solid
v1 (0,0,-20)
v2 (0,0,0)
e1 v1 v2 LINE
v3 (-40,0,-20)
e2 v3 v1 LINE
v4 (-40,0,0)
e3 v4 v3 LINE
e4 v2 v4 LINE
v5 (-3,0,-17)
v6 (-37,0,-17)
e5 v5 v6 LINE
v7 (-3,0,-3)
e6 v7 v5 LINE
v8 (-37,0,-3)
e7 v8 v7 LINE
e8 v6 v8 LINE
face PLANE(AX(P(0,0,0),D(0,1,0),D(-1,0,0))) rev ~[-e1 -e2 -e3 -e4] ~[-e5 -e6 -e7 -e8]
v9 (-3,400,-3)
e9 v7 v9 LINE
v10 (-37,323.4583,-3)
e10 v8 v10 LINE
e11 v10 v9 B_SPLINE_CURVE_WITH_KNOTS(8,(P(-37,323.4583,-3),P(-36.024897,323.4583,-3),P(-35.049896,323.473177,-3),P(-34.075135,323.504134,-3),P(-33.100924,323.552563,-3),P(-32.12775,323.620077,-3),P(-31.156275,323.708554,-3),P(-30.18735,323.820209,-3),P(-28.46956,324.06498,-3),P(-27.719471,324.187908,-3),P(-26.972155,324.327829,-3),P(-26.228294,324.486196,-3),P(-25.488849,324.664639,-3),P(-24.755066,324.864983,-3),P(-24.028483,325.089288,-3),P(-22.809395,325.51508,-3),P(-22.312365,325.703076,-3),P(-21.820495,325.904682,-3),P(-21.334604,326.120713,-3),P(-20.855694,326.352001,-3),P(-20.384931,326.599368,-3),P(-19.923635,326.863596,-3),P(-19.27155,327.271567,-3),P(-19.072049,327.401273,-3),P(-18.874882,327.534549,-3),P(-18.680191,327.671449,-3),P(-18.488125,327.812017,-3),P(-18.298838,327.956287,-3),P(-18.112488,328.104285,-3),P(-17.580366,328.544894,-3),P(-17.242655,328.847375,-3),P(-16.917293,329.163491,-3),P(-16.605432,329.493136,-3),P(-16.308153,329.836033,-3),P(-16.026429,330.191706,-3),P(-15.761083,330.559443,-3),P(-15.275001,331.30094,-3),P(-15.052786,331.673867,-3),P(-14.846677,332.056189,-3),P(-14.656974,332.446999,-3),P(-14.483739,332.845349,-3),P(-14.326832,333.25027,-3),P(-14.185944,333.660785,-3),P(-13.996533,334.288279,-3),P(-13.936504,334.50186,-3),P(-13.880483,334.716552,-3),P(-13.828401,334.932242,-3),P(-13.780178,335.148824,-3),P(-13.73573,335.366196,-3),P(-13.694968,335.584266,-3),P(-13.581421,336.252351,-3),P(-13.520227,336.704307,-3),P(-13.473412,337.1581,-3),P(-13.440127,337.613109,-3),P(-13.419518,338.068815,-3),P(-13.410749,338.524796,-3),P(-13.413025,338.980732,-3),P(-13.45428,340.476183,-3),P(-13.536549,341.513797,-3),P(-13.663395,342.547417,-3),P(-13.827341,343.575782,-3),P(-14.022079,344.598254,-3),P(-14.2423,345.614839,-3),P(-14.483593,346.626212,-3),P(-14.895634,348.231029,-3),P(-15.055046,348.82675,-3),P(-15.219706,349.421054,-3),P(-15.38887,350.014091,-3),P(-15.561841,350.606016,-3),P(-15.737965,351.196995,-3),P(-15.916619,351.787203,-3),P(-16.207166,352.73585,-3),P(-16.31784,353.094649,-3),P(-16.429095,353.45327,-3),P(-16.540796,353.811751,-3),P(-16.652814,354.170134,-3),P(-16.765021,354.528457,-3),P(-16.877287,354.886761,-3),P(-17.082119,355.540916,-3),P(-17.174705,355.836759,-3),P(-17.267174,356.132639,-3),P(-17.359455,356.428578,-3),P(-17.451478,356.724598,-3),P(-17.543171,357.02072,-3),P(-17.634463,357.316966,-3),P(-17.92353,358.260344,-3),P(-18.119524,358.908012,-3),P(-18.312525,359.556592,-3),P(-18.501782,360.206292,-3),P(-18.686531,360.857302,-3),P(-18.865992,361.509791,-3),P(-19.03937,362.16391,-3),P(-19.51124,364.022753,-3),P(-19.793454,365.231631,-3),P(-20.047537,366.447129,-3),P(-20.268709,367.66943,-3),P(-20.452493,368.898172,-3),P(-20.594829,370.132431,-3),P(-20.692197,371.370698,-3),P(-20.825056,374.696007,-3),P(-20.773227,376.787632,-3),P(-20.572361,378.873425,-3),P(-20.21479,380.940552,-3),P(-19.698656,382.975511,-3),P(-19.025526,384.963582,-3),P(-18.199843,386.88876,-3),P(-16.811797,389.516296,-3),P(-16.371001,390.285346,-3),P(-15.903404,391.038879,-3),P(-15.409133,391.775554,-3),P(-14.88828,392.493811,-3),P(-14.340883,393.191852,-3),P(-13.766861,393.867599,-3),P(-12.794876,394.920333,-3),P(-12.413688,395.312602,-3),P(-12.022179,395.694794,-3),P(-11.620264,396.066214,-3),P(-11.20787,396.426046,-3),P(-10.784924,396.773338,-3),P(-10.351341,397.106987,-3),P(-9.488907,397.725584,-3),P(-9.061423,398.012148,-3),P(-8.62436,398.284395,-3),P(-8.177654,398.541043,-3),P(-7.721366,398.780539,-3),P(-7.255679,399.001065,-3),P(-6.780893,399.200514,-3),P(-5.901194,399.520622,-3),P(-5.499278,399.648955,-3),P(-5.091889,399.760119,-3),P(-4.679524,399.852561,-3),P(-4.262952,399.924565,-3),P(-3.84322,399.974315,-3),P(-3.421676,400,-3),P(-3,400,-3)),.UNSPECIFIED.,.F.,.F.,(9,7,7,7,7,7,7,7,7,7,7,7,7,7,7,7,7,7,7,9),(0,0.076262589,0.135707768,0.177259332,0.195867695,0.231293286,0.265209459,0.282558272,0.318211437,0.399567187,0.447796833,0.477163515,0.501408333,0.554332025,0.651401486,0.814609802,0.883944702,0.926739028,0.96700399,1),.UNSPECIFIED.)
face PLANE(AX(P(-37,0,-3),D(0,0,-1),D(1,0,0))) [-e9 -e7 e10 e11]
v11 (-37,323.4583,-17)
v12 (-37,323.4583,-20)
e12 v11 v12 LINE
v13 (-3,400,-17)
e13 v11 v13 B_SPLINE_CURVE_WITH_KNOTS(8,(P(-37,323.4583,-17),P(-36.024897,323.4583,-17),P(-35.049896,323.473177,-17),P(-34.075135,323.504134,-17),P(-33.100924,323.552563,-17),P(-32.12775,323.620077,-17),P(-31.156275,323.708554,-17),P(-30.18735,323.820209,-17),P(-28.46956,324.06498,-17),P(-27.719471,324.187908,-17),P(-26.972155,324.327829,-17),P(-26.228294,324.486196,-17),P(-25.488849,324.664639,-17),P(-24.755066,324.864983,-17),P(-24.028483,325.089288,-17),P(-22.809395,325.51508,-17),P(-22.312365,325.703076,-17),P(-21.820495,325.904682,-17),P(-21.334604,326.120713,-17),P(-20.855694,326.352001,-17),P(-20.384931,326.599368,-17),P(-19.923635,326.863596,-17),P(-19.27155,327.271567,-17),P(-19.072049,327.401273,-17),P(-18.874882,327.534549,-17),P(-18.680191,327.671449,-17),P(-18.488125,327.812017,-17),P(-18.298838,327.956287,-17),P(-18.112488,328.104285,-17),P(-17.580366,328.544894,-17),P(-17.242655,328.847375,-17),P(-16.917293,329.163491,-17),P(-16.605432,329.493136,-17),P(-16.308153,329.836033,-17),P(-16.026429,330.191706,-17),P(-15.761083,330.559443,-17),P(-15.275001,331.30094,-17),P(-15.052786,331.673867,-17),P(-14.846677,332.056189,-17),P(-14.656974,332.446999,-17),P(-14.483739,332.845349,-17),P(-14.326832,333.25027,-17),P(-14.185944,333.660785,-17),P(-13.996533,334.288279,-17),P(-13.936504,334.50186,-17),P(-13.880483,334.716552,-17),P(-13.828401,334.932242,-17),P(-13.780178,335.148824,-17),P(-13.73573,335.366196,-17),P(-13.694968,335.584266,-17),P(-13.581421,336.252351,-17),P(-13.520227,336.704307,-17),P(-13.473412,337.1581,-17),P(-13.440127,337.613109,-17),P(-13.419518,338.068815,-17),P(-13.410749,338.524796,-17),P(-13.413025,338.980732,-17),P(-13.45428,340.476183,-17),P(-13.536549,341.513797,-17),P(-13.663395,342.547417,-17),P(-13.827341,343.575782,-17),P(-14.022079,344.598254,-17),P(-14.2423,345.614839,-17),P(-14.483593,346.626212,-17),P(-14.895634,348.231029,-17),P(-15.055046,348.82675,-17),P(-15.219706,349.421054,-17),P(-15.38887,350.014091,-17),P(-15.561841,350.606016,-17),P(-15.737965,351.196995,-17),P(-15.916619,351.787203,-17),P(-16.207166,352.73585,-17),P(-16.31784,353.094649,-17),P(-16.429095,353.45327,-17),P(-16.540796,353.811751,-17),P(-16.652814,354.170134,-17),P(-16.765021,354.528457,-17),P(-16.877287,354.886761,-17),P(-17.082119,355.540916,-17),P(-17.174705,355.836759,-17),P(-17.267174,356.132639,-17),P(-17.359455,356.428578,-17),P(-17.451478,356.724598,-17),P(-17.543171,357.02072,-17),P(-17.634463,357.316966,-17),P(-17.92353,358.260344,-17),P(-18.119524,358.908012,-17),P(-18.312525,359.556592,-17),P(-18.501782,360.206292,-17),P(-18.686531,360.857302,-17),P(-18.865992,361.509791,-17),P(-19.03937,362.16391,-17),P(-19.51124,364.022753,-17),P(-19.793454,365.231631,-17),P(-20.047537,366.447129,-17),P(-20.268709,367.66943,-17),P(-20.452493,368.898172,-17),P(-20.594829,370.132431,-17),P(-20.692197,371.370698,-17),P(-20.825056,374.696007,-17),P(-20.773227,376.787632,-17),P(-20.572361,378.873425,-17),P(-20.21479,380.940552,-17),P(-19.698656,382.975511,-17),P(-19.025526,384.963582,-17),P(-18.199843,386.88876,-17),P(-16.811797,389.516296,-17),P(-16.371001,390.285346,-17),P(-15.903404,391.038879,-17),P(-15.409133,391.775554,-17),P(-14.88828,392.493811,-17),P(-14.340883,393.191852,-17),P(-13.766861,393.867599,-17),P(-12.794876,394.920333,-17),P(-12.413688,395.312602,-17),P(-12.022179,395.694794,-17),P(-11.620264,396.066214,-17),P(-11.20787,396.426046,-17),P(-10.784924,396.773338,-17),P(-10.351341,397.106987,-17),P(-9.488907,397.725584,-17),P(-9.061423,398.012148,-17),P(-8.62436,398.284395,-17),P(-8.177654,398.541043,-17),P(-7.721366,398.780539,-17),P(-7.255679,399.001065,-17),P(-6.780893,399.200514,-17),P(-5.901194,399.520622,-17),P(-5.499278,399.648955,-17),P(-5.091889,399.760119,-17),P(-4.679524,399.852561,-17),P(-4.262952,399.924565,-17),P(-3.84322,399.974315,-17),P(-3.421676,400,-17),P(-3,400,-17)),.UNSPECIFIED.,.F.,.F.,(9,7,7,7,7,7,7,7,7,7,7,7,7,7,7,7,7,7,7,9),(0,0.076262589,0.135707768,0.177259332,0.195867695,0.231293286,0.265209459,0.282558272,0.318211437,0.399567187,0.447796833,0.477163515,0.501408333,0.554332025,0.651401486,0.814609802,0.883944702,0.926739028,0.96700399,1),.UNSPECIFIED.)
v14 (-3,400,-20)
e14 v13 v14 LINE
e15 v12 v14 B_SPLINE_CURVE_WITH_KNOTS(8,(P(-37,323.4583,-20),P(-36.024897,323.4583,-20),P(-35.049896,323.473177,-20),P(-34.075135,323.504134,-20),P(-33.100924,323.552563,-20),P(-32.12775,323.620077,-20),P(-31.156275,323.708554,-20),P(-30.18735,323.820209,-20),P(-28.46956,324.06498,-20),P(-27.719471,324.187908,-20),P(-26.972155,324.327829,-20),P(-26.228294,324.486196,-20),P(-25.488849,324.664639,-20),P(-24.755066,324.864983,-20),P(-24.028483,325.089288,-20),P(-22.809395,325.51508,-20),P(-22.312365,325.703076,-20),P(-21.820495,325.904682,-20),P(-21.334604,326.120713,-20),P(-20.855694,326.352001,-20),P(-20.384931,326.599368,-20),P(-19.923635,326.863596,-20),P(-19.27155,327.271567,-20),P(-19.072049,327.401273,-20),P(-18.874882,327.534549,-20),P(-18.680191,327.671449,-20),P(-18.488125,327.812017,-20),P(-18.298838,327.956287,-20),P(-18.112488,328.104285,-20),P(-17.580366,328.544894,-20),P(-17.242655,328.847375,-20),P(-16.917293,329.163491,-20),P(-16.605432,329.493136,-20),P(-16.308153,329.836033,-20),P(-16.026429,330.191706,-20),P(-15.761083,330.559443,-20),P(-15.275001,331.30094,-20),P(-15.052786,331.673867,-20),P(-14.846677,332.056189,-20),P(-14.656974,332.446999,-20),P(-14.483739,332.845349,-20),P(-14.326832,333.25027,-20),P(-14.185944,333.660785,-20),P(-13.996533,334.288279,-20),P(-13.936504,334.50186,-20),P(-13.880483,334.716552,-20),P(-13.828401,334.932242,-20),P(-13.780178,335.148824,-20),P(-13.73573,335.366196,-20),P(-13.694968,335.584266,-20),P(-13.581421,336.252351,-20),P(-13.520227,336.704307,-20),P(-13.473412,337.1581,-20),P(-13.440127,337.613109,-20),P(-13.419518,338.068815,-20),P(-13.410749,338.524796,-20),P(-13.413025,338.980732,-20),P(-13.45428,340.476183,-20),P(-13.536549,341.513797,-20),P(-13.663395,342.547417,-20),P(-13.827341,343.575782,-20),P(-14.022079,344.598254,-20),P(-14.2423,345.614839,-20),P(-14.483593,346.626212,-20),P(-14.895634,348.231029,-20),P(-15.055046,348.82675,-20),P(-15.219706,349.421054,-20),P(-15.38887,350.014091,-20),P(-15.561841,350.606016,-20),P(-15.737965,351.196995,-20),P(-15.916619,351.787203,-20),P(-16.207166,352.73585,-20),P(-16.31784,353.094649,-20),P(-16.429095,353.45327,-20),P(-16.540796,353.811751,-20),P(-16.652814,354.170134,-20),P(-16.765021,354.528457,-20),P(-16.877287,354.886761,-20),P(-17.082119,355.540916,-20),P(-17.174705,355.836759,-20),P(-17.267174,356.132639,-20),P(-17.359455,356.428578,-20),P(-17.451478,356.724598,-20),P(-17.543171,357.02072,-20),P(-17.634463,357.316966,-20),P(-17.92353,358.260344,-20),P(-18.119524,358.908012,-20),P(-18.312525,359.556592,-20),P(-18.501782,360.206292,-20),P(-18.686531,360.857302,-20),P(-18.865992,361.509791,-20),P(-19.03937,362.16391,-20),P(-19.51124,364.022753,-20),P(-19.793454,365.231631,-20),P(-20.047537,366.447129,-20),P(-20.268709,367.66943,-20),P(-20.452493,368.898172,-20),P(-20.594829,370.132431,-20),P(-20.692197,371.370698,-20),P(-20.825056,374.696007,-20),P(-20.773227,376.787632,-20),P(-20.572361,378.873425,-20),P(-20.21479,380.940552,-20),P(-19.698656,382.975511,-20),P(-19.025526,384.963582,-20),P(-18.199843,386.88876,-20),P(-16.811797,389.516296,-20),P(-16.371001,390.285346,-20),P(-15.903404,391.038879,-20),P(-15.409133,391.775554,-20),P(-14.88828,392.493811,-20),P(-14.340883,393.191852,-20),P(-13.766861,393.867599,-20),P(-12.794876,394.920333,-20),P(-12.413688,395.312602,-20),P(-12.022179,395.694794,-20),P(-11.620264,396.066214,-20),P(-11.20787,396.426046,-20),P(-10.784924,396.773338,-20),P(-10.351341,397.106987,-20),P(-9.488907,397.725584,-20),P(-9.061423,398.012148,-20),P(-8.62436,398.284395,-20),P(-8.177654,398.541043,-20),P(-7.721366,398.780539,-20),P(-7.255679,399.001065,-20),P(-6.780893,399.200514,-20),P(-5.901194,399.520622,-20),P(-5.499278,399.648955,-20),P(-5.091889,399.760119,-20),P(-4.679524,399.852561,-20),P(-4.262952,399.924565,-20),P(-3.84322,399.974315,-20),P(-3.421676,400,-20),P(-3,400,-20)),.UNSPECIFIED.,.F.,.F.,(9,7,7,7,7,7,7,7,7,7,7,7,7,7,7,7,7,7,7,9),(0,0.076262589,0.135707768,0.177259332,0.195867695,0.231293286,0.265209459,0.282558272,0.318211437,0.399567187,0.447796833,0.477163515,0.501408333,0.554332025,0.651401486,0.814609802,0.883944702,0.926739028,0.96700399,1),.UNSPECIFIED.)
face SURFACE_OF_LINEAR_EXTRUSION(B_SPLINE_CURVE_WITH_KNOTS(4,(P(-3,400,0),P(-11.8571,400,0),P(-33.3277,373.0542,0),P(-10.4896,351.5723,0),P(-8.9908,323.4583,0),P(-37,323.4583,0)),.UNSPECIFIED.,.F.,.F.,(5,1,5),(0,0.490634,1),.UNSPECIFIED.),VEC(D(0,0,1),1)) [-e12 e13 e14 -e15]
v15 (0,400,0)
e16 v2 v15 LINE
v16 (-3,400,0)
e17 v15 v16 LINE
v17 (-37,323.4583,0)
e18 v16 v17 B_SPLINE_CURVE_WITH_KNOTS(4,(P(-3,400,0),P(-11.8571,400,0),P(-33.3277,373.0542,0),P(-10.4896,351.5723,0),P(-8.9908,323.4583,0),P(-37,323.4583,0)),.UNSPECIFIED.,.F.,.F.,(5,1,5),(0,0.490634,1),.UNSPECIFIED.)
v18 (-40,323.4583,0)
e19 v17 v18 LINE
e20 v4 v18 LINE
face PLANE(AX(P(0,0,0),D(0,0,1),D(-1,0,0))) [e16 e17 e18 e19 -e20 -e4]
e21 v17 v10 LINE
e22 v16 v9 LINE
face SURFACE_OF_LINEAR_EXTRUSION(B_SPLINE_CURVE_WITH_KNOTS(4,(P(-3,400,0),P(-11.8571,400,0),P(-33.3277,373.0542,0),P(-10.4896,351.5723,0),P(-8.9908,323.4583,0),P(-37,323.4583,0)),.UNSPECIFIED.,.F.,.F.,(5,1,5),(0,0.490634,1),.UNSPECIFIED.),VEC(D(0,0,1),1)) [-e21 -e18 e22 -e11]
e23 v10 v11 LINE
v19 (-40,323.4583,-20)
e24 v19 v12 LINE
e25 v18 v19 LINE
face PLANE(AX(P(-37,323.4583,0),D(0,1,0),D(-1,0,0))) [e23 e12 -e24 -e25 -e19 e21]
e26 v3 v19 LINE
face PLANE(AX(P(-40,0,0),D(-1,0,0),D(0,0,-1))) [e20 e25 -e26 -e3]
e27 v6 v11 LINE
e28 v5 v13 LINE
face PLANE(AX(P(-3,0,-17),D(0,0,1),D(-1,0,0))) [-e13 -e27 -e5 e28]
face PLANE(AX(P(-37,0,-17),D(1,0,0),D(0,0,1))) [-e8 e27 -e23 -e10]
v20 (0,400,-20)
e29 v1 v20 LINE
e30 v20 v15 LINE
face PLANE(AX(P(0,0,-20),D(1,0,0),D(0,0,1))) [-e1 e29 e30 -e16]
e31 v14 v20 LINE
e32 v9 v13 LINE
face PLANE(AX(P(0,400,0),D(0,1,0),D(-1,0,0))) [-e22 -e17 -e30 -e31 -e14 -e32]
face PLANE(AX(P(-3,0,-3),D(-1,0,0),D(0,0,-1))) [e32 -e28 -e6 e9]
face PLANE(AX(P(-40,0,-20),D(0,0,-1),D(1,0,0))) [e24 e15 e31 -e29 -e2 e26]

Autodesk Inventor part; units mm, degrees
ref_plane "YZ Plane" through (0, 0, 0) normal (1, 0, 0) x (0, 1, 0)
ref_plane "XZ Plane" through (0, 0, 0) normal (0, 1, 0) x (-1, 0, 0)
ref_plane "XY Plane" through (0, 0, 0) normal (0, 0, 1) x (1, 0, 0)
sketch "Эскиз1" plane through (0, 0, 0) normal (0, 1, 0) x (-1, 0, 0)
  line L0 (0, 0) -> (40, 0)
  line L1 (40, 0) -> (40, -20)
  line L2 (40, -20) -> (0, -20)
  line L3 (0, -20) -> (0, 0)
  line L4 (37, -3) -> (3, -3)
  line L5 (3, -3) -> (3, -17)
  line L6 (3, -17) -> (37, -17)
  line L7 (37, -17) -> (37, -3)
  dimension "d0" = 20
  dimension "d1" = 40
  dimension "d2" = 3
extrude "Выдавливание1" add sketch "Эскиз1" along normal blind 400
sketch "Эскиз2" plane through (-40, 0, 0) normal (0, 0, 1) x (1, 0, 0)
  line L0 (3, 0) -> (3, 400) projected
  line L1 (0, 400) -> (40, 400) projected
  line L2 (20, 819.3664) -> (20, 691.613)
  line L3 (3, 0) -> (37, 0) projected
  line L4 (37, 0) -> (37, 400) projected
  line L5 (3, 400) -> (37, 400) projected
  line L6 (3, 0) -> (3, 400) projected
  line L7 (37, 0) -> (37, 400) projected
  spline S0 degree 4 poles (37, 400) (28.1429, 400) (6.6723, 373.0542) (29.5104, 351.5723) (31.0092, 323.4583) (3, 323.4583) knots 0 0 0 0 0 0.490634 1 1 1 1 1
  line L8 (22.2784, 323.4583) -> (-16.2784, 323.4583) construction
  arc A0 (-12.0901, 325.0339) -> (18.0901, 325.0339) centre (3, 396.5064) ccw construction
  line L9 (44.0036, 400) -> (29.9964, 400) construction
  arc A1 (41.5725, 398.5449) -> (32.4275, 398.5449) centre (37, 392.0879) ccw construction
  line L10 (3, 323.4583) -> (0, 323.4583)
  line L11 (0, 0) -> (0, 400) projected
  line L12 (0, 323.4583) -> (0, 400)
  point P0 (40, 0)
  point P1 (20, 381.1712)
  point P2 (25.6195, 346.1519)
extrude "Выдавливание2" cut sketch "Эскиз2" against normal through all contours L10 L11 L1 L0 | L0 L1 S0
equation "\"d0\" = width_profile_tibea"
equation "\"d1\" = hight_profile_tibea"
equation "\"d2\" = thickness_profile_tibea"
equation "\"d3\" = length_thorn_tibia"
equation "\"d_main_shaft\" = 15"
equation "\"width_profile_tibea\" = 20"
equation "\"hight_profile_tibea\" = 40"
equation "\"thickness_profile_tibea\" = 3"
equation "\"tolerance_plazma\" = 0.1"
equation "\"d_main_screw_holes\" = 6.1"
equation "\"length_thorn_tibia\" = 400"
equation "\"thickness_steel\" = 3"
equation "\"hight_shaft_shift\" = 37"
equation "\"thickness_profile_femur\" = 3"
equation "\"width_shaft_shift\" = 35"
equation "\"width_flattened_surface\" = 12"
properties part number "tibea_profile" material "Алюминий"
